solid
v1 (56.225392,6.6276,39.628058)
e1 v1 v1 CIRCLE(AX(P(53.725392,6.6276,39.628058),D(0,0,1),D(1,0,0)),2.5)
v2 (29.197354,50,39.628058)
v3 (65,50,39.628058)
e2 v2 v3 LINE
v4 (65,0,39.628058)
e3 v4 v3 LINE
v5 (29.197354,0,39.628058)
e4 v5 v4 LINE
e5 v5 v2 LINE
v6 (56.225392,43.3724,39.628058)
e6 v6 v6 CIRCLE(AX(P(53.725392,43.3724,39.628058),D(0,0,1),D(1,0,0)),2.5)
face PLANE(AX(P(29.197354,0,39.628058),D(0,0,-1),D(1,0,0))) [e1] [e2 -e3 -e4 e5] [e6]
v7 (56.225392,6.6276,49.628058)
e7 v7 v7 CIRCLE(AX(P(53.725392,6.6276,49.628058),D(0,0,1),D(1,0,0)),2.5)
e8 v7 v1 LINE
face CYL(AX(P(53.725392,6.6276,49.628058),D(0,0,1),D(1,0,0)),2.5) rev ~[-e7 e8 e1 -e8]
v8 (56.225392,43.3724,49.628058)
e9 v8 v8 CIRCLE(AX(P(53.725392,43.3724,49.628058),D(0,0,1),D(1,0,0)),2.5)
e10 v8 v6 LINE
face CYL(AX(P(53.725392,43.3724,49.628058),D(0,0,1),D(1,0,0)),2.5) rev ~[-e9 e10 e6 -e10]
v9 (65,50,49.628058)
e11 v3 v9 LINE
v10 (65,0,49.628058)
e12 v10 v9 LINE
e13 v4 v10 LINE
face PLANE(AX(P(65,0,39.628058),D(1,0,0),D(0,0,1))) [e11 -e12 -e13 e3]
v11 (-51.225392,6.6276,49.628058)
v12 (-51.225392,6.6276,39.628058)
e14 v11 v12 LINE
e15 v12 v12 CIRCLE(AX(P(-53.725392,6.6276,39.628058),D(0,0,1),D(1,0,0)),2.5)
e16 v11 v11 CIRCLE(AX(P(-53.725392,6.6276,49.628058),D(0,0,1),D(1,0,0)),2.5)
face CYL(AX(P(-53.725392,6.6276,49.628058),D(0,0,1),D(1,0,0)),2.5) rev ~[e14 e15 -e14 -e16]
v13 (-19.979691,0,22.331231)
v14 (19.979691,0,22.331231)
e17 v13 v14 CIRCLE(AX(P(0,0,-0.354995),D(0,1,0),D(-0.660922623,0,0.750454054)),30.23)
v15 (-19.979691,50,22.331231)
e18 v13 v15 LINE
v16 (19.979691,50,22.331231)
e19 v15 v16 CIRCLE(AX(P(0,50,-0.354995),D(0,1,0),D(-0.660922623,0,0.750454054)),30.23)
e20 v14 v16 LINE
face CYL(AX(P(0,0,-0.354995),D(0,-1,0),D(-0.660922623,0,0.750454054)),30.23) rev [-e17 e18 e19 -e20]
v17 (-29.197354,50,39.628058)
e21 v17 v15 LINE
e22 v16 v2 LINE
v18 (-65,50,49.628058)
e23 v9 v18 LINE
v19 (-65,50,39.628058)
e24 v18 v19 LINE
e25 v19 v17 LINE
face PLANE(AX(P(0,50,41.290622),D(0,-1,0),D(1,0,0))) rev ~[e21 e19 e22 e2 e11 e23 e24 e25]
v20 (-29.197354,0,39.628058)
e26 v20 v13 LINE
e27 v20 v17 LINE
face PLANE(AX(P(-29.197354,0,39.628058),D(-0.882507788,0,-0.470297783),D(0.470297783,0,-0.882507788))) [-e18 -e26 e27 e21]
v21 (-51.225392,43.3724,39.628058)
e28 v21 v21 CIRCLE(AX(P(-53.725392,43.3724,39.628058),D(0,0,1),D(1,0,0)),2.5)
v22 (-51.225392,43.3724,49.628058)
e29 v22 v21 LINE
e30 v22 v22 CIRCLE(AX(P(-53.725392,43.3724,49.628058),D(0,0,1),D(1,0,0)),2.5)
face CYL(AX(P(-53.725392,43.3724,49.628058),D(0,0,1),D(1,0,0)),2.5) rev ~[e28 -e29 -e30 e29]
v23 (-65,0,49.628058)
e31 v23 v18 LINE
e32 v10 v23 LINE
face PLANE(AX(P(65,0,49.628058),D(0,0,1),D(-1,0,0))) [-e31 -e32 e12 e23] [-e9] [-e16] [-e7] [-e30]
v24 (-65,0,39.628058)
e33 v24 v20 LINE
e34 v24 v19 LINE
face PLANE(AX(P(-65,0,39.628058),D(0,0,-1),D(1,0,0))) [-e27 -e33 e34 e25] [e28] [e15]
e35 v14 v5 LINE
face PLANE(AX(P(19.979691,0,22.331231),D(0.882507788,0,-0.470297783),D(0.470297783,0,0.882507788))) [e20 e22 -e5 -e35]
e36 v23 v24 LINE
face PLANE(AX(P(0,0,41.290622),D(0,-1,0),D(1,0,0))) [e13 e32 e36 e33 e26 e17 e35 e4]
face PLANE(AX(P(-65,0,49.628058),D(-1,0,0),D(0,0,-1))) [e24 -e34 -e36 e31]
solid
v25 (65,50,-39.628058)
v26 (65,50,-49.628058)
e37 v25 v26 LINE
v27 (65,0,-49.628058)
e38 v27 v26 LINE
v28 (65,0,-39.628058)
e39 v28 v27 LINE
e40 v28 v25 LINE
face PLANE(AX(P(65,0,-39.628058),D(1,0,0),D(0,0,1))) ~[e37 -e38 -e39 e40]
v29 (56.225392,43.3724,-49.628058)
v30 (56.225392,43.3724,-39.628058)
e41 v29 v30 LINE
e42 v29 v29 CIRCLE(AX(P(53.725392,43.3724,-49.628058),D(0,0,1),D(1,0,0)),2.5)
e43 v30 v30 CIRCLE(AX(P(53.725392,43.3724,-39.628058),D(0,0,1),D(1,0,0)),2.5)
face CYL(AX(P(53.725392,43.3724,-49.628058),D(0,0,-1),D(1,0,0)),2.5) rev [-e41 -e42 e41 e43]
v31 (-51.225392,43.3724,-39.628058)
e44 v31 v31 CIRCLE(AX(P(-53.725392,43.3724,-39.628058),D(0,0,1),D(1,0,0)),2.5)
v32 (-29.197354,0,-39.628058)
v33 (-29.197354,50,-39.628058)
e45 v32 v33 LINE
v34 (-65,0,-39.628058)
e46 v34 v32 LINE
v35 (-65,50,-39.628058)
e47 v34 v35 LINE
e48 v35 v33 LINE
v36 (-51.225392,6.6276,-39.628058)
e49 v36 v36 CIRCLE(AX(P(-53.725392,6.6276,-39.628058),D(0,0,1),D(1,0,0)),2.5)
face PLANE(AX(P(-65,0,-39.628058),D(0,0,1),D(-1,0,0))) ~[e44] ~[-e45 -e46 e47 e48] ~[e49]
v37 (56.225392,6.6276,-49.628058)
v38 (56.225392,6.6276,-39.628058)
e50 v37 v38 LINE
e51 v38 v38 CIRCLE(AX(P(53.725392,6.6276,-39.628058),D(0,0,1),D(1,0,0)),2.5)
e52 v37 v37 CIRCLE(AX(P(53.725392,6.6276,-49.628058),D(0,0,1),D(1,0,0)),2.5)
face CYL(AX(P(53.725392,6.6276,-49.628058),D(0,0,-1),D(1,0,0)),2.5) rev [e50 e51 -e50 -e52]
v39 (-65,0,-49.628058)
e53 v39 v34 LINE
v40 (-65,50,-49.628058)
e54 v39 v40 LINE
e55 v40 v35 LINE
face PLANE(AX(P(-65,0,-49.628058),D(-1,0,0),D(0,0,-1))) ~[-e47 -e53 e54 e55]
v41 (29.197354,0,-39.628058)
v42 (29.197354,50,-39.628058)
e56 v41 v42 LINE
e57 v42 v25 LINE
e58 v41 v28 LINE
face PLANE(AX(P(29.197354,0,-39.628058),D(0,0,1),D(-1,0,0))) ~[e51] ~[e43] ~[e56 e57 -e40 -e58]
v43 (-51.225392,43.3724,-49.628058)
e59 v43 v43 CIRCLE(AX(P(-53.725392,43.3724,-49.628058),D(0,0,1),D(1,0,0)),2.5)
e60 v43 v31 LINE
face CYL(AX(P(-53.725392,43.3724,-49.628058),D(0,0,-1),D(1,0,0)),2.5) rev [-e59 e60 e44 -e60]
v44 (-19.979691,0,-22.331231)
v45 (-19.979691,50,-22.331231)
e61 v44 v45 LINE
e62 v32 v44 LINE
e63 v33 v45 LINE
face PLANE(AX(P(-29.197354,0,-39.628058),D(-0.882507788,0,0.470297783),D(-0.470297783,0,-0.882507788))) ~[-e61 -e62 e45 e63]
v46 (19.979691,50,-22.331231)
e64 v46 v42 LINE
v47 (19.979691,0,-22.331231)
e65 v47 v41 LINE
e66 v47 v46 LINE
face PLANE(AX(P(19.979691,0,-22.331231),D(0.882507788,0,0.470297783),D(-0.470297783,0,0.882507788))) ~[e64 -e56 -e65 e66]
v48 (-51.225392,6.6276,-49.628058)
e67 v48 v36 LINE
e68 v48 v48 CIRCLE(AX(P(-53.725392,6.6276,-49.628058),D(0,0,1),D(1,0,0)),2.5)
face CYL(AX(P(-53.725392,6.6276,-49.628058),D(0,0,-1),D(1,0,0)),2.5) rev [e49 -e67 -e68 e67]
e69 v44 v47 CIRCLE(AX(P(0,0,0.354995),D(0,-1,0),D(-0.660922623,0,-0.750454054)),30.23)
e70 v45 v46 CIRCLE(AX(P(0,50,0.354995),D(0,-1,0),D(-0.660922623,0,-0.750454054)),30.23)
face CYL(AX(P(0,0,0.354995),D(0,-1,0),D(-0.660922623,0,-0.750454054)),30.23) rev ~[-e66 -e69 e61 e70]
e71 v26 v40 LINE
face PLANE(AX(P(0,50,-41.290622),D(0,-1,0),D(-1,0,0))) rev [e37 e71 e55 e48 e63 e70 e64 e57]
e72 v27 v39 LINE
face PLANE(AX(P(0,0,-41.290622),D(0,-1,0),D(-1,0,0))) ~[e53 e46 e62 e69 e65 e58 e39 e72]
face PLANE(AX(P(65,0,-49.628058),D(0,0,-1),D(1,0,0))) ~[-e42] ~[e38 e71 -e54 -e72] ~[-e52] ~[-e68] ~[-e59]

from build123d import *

# Parameters (mm, degrees)
F1_DEPTH = 50
F2_R     = 2.5
F3_DEPTH = 10


with BuildPart() as f1:
    # F0 (on Front) → F1 (new body)
    with BuildSketch(Plane.XZ):
        with BuildLine():
            Line((65, 39.628058), (65, 49.628058))
            Line((65, 49.628058), (-65, 49.628058))
            Line((-65, 49.628058), (-65, 39.628058))
            Line((-65, 39.628058), (-29.197354, 39.628058))
            Line((-29.197354, 39.628058), (-19.979691, 22.331231))
            ThreePointArc((-19.979691, 22.331231), (0, 29.875005), (19.979691, 22.331231))
            Line((19.979691, 22.331231), (29.197354, 39.628058))
            Line((29.197354, 39.628058), (65, 39.628058))
        make_face()
    extrude(amount=-F1_DEPTH)

    # F2 (on face) → F3 (cut)
    with BuildSketch(Plane.XY.offset(49.628058)):
        with Locations((-53.725392, 43.3724)):
            Circle(F2_R)
        with Locations((-53.725392, 6.6276)):
            Circle(F2_R)
        with Locations((53.725392, 43.3724)):
            Circle(F2_R)
        with Locations((53.725392, 6.6276)):
            Circle(F2_R)
    extrude(amount=-F3_DEPTH, mode=Mode.SUBTRACT)


with BuildPart() as f4_1:
    # F4: instance of F1
    add(f1.part.mirror(Plane.XY))


solid = Compound([f1.part, f4_1.part])
